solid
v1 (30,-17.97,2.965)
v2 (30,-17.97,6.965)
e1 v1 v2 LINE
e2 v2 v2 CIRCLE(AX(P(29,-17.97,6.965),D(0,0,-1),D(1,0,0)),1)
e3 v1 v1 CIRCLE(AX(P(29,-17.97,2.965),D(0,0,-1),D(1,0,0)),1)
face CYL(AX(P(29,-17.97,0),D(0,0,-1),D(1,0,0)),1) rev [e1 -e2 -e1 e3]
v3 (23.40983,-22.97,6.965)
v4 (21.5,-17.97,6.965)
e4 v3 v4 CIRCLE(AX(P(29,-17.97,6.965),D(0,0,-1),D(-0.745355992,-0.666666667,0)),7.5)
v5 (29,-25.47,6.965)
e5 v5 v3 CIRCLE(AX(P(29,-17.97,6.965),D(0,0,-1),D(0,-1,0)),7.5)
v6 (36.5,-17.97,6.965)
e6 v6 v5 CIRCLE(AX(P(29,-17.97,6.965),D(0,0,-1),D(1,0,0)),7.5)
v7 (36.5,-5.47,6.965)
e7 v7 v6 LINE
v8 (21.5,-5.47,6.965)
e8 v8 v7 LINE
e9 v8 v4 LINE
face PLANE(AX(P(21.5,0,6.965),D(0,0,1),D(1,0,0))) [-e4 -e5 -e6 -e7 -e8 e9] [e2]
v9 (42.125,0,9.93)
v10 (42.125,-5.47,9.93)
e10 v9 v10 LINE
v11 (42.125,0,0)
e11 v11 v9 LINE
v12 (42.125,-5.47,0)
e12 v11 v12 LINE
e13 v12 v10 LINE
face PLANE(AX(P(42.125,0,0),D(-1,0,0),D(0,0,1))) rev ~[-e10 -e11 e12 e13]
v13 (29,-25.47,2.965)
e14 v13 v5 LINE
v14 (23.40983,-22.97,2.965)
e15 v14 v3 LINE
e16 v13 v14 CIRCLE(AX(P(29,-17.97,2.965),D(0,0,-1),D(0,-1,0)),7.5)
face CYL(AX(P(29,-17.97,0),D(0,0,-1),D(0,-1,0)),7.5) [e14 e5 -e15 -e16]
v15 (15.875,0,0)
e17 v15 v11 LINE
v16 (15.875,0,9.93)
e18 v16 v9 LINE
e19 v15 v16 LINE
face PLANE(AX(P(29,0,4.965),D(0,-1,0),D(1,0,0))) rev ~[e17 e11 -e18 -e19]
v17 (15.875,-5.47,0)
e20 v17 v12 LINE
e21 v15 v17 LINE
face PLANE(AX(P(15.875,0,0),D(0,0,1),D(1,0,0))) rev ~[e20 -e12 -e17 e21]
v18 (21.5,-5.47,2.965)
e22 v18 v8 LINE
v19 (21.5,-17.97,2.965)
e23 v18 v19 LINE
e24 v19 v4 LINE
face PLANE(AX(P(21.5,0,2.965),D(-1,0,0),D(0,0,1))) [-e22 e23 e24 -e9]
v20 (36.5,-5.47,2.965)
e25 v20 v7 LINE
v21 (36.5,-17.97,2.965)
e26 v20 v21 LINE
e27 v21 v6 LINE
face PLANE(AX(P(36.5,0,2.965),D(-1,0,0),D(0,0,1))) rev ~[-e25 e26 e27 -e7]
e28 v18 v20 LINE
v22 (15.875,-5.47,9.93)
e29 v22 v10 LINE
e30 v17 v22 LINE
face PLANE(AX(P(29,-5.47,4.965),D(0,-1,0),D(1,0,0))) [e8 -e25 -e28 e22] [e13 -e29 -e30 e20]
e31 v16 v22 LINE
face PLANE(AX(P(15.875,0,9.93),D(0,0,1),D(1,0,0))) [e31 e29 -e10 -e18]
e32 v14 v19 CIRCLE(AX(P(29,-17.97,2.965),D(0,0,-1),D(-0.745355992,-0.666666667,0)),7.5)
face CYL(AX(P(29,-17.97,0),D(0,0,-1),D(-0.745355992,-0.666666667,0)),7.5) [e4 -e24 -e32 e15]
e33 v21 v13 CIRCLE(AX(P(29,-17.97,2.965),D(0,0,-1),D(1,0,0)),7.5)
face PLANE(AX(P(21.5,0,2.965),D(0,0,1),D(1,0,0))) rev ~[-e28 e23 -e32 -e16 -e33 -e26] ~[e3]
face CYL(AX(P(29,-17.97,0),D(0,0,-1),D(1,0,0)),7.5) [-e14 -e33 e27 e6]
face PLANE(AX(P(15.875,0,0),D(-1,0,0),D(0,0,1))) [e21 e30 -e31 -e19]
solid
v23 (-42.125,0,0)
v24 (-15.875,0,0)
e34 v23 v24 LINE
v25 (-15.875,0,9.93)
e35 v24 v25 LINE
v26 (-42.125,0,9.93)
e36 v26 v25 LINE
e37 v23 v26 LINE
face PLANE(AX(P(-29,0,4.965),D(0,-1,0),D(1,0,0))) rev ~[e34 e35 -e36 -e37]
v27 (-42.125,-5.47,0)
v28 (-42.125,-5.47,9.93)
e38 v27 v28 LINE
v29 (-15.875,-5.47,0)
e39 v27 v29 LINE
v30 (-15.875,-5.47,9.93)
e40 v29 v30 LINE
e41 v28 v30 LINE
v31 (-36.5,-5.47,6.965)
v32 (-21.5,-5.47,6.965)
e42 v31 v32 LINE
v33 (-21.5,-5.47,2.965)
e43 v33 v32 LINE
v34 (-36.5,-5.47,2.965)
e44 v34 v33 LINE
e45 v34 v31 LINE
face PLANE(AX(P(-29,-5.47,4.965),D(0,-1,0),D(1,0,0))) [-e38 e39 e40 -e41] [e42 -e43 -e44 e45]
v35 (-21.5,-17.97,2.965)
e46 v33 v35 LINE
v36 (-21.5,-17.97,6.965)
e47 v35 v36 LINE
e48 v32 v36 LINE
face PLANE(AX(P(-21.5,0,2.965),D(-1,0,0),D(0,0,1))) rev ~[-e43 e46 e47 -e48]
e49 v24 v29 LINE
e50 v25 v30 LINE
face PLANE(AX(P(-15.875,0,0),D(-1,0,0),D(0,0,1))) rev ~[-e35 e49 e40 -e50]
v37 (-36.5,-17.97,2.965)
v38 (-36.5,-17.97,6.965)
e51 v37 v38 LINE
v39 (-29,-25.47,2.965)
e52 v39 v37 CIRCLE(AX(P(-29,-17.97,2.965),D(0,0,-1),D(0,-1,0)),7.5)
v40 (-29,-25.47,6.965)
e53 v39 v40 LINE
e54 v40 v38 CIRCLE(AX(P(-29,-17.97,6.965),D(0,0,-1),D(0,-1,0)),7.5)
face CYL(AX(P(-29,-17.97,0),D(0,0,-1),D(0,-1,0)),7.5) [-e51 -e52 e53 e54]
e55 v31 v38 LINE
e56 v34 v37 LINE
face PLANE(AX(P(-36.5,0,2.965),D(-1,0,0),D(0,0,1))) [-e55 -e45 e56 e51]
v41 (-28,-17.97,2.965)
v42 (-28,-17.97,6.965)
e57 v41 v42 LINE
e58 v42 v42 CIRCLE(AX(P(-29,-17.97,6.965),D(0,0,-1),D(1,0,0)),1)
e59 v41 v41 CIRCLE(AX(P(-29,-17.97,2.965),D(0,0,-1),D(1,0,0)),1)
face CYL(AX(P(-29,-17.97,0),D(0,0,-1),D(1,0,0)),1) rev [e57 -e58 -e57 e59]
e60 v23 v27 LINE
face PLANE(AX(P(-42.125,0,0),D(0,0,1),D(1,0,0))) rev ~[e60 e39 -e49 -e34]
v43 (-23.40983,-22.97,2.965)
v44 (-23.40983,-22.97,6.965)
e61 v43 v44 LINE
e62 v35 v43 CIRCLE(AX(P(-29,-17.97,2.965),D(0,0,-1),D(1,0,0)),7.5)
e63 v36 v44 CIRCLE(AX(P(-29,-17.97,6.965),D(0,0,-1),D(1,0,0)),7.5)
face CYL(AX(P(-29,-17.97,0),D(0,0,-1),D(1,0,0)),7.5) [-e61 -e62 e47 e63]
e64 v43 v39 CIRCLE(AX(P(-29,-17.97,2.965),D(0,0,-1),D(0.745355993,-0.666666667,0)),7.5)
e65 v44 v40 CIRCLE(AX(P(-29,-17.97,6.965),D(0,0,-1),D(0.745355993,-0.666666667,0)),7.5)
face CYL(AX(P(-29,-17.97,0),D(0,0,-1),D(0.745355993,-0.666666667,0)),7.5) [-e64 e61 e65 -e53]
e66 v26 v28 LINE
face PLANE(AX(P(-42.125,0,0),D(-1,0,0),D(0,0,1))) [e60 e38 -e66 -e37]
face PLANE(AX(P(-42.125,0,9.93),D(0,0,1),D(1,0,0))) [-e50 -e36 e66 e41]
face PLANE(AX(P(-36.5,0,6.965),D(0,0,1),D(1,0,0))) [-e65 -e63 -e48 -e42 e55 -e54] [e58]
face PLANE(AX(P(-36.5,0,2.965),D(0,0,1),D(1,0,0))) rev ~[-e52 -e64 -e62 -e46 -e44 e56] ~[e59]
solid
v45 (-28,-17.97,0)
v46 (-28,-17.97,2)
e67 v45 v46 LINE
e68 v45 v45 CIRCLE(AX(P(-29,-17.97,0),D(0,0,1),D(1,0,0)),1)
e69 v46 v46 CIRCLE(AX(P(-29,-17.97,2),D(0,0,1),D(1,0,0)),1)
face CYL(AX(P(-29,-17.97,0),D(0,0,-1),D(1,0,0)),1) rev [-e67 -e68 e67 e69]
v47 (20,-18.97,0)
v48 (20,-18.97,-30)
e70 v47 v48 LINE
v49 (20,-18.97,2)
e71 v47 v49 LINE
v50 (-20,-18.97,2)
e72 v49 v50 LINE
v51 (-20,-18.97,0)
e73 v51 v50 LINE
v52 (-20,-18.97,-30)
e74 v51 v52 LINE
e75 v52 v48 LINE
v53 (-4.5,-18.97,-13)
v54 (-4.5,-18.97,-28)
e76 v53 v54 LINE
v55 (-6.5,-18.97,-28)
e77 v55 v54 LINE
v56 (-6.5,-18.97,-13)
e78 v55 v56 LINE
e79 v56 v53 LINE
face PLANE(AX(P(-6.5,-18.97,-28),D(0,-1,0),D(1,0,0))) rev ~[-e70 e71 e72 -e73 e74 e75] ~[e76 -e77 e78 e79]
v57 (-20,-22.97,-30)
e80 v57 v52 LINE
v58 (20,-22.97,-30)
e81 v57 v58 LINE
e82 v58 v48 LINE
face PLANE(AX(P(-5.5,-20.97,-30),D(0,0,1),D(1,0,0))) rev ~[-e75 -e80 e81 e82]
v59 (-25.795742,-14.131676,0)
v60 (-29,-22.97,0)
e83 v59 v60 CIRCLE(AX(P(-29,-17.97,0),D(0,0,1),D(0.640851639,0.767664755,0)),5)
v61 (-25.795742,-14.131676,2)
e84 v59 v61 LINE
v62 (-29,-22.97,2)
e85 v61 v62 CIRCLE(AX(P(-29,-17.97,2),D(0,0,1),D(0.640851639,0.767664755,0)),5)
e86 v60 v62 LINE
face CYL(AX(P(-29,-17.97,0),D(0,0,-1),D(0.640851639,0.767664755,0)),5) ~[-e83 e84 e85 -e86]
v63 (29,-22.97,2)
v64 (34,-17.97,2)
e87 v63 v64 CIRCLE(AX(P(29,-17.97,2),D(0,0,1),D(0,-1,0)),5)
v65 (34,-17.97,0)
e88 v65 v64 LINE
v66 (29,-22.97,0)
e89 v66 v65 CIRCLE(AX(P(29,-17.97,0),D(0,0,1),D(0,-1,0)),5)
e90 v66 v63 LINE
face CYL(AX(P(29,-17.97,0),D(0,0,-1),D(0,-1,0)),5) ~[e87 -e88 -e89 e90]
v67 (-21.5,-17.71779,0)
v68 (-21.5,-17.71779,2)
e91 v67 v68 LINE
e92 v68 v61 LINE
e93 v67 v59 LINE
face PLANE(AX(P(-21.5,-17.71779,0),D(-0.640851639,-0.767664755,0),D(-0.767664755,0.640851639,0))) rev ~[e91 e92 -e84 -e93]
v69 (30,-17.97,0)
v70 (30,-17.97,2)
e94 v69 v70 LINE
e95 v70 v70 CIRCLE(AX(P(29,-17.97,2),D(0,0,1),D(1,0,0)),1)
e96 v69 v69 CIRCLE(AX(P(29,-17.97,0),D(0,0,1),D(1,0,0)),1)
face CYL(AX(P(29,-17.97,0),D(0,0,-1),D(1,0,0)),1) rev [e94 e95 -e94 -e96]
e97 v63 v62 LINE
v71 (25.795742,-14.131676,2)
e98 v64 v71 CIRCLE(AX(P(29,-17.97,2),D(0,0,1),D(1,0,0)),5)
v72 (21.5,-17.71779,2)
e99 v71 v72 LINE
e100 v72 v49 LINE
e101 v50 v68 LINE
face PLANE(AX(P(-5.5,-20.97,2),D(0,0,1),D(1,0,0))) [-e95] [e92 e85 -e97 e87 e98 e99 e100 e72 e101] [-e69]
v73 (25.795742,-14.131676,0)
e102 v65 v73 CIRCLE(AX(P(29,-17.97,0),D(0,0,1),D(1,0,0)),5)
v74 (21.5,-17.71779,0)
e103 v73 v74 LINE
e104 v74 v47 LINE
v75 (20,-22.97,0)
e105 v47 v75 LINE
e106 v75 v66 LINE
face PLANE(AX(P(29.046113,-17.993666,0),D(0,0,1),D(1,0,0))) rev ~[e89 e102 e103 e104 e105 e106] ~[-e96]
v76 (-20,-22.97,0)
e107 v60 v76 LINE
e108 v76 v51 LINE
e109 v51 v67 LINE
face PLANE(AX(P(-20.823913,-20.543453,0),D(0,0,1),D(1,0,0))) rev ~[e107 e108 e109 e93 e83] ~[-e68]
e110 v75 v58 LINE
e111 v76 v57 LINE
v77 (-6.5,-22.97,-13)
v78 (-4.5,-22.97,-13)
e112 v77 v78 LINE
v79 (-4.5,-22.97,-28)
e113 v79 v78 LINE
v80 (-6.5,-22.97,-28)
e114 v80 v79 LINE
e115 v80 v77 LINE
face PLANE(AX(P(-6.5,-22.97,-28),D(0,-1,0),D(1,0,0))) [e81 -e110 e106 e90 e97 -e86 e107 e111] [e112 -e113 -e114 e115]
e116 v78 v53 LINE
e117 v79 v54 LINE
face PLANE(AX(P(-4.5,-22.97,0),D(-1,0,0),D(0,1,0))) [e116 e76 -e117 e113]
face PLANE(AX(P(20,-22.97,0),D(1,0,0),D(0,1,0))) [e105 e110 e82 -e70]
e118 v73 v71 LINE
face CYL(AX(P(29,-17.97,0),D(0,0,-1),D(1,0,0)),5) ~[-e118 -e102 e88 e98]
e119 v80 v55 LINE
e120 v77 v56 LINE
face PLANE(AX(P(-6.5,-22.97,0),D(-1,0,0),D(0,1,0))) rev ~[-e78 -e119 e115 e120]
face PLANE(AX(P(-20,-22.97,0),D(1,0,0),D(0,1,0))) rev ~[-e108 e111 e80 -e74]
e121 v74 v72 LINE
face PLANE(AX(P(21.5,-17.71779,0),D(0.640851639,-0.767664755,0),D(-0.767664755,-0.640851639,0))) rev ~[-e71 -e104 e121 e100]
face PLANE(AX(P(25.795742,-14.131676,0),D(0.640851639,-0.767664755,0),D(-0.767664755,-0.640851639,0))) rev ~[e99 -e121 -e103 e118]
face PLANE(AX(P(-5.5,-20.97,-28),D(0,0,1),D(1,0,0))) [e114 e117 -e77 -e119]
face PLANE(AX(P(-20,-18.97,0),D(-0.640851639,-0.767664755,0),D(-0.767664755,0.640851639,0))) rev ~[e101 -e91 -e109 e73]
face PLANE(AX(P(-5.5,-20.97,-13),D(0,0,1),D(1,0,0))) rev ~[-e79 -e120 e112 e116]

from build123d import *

# Parameters (mm, degrees)
F1_W          = 26.25
F1_H          = 9.93
F1_W_2        = 15
F1_H_2        = 4
F2_DEPTH      = 5.47
F3_DEPTH      = 25.47
F4_R          = 1
F5_DEPTH      = 25
F6_DEPTH      = 2
F4_W          = 13.5
F4_H          = 4
F7_DEPTH      = 30
F7_DEPTH_BACK = 2
F4_W_2        = 24.5
F4_W_3        = 2
F8_DEPTH      = 2
F8_DEPTH_BACK = 13
F9_START      = -28
F9_DEPTH      = 2


with BuildPart() as f2:
    # F1 (on Front) → F2 (new body)
    with BuildSketch(Plane.XZ):
        with Locations((-29, 4.965)):
            Rectangle(F1_W, F1_H)
        with Locations((-29, 4.965)):
            Rectangle(F1_W_2, F1_H_2, mode=Mode.SUBTRACT)
    extrude(amount=F2_DEPTH)

    # F1 (on Front) → F3 (join)
    with BuildSketch(Plane.XZ):
        with Locations((-29, 4.965)):
            Rectangle(F1_W_2, F1_H_2)
    extrude(amount=F3_DEPTH)


with BuildPart() as f2b:
    # F1 (on Front) → F2, piece 2 (new body)
    with BuildSketch(Plane.XZ):
        with Locations((29, 4.965)):
            Rectangle(F1_W, F1_H)
        with Locations((29, 4.965)):
            Rectangle(F1_W_2, F1_H_2, mode=Mode.SUBTRACT)
    extrude(amount=F2_DEPTH)

    # F1 (on Front) → F3, piece 2 (join)
    with BuildSketch(Plane.XZ):
        with Locations((29, 4.965)):
            Rectangle(F1_W_2, F1_H_2)
    extrude(amount=F3_DEPTH)


with BuildPart() as f5_tool:
    # F4 (on Top) → F5 (new body)
    with BuildSketch(Plane.XY):
        with BuildLine():
            Line((-36.5, -17.97), (-36.5, -25.47))
            Line((-36.5, -25.47), (-29, -25.47))
            ThreePointArc((-29, -25.47), (-34.3033008589, -23.2733008589), (-36.5, -17.97))
        make_face()
        with BuildLine():
            ThreePointArc((-23.4098300563, -22.97), (-25.9381378215, -24.8165319688), (-29, -25.47))
            Line((-29, -25.47), (-21.5, -25.47))
            Line((-21.5, -25.47), (-21.5, -22.97))
            Line((-21.5, -22.97), (-23.4098300563, -22.97))
        make_face()
        with BuildLine():
            Line((23.4098300563, -22.97), (21.5, -22.97))
            Line((21.5, -22.97), (21.5, -25.47))
            Line((21.5, -25.47), (29, -25.47))
            ThreePointArc((29, -25.47), (25.9381378215, -24.8165319688), (23.4098300563, -22.97))
        make_face()
        with BuildLine():
            ThreePointArc((36.5, -17.97), (34.3033008589, -23.2733008589), (29, -25.47))
            Line((29, -25.47), (36.5, -25.47))
            Line((36.5, -25.47), (36.5, -17.97))
        make_face()
        with BuildLine():
            ThreePointArc((-21.5, -17.97), (-21.9937073078, -20.6461656733), (-23.4098300563, -22.97))
            Line((-23.4098300563, -22.97), (-21.5, -22.97))
            Line((-21.5, -22.97), (-21.5, -17.97))
        make_face()
        with BuildLine():
            Line((21.5, -17.97), (21.5, -22.97))
            Line((21.5, -22.97), (23.4098300563, -22.97))
            ThreePointArc((23.4098300563, -22.97), (21.9937073078, -20.6461656733), (21.5, -17.97))
        make_face()
        with Locations((-29, -17.97)):
            Circle(F4_R)
        with Locations((29, -17.97)):
            Circle(F4_R)
    extrude(amount=F5_DEPTH)


with BuildPart() as f2_1:
    add(f2.part)

    # F5: cut by f5_tool
    add(f5_tool.part, mode=Mode.SUBTRACT)


with BuildPart() as f2b_1:
    add(f2b.part)

    # F5: cut by f5_tool
    add(f5_tool.part, mode=Mode.SUBTRACT)


with BuildPart() as f6:
    # F4 (on Top) → F6 (new body)
    with BuildSketch(Plane.XY):
        Polygon((-21.5, -17.97), (-21.5, -22.97), (-20, -22.97), (-20, -18.97), (-21.5, -17.717790031), align=None)
        with BuildLine():
            ThreePointArc((-25.7957418027, -14.1316762245), (-33.7006179848, -16.2658314164), (-29, -22.97))
            ThreePointArc((-29, -22.97), (-25.4644660941, -21.5055339059), (-24, -17.97))
            ThreePointArc((-24, -17.97), (-24.4711319855, -15.851190309), (-25.7957418027, -14.1316762245))
        make_face()
        with Locations((-29, -17.97)):
            Circle(F4_R, mode=Mode.SUBTRACT)
        with BuildLine():
            Line((-29, -22.97), (-23.4098300563, -22.97))
            ThreePointArc((-23.4098300563, -22.97), (-21.9937073078, -20.6461656733), (-21.5, -17.97))
            Line((-21.5, -17.97), (-21.5, -17.717790031))
            Line((-21.5, -17.717790031), (-25.7957418027, -14.1316762245))
            ThreePointArc((-25.7957418027, -14.1316762245), (-24.4711319855, -15.851190309), (-24, -17.97))
            ThreePointArc((-24, -17.97), (-25.4644660941, -21.5055339059), (-29, -22.97))
        make_face()
        with BuildLine():
            ThreePointArc((-21.5, -17.97), (-21.9937073078, -20.6461656733), (-23.4098300563, -22.97))
            Line((-23.4098300563, -22.97), (-21.5, -22.97))
            Line((-21.5, -22.97), (-21.5, -17.97))
        make_face()
    extrude(amount=F6_DEPTH)

    # F4 (on Top) → F7 (join, two sides)
    with BuildSketch(Plane.XY) as f7_sk:
        with Locations((-13.25, -20.97)):
            Rectangle(F4_W, F4_H)
    extrude(amount=-F7_DEPTH)
    extrude(f7_sk.sketch, amount=F7_DEPTH_BACK)



with BuildPart() as f6b:
    # F4 (on Top) → F6, piece 2 (new body)
    with BuildSketch(Plane.XY):
        with BuildLine():
            ThreePointArc((25.7957418027, -14.1316762245), (24.2993820152, -19.6741685836), (29, -22.97))
            ThreePointArc((29, -22.97), (32.5355339059, -21.5055339059), (34, -17.97))
            ThreePointArc((34, -17.97), (31.118809691, -13.4411319855), (25.7957418027, -14.1316762245))
        make_face()
        with Locations((29, -17.97)):
            Circle(F4_R, mode=Mode.SUBTRACT)
        with BuildLine():
            Line((21.5, -17.717790031), (21.5, -17.97))
            ThreePointArc((21.5, -17.97), (21.9937073078, -20.6461656733), (23.4098300563, -22.97))
            Line((23.4098300563, -22.97), (29, -22.97))
            ThreePointArc((29, -22.97), (24.2993820152, -19.6741685836), (25.7957418027, -14.1316762245))
            Line((25.7957418027, -14.1316762245), (21.5, -17.717790031))
        make_face()
        with BuildLine():
            Line((21.5, -17.97), (21.5, -22.97))
            Line((21.5, -22.97), (23.4098300563, -22.97))
            ThreePointArc((23.4098300563, -22.97), (21.9937073078, -20.6461656733), (21.5, -17.97))
        make_face()
        Polygon((20, -18.97), (20, -22.97), (21.5, -22.97), (21.5, -17.97), (21.5, -17.717790031), align=None)
    extrude(amount=F6_DEPTH)

    # F4 (on Top) → F7, piece 2 (join, two sides)
    with BuildSketch(Plane.XY) as f7_2_sk:
        with Locations((7.75, -20.97)):
            Rectangle(F4_W_2, F4_H)
    extrude(amount=-F7_DEPTH)
    extrude(f7_2_sk.sketch, amount=F7_DEPTH_BACK)


with BuildPart() as f6_1:
    add(f6.part)

    add(f6b.part)  # F8 merges F6b
    # F4 (on Top) → F8 (join, two sides)
    with BuildSketch(Plane.XY) as f8_sk:
        with Locations((-5.5, -20.97)):
            Rectangle(F4_W_3, F4_H)
    extrude(amount=F8_DEPTH)
    extrude(f8_sk.sketch, amount=-F8_DEPTH_BACK)

    # F4 (on Top) → F9 (join)
    with BuildSketch(Plane.XY.offset(F9_START)):
        with Locations((-5.5, -20.97)):
            Rectangle(F4_W_3, F4_H)
    extrude(amount=-F9_DEPTH)


solid = Compound([f2_1.part, f2b_1.part, f6_1.part])
